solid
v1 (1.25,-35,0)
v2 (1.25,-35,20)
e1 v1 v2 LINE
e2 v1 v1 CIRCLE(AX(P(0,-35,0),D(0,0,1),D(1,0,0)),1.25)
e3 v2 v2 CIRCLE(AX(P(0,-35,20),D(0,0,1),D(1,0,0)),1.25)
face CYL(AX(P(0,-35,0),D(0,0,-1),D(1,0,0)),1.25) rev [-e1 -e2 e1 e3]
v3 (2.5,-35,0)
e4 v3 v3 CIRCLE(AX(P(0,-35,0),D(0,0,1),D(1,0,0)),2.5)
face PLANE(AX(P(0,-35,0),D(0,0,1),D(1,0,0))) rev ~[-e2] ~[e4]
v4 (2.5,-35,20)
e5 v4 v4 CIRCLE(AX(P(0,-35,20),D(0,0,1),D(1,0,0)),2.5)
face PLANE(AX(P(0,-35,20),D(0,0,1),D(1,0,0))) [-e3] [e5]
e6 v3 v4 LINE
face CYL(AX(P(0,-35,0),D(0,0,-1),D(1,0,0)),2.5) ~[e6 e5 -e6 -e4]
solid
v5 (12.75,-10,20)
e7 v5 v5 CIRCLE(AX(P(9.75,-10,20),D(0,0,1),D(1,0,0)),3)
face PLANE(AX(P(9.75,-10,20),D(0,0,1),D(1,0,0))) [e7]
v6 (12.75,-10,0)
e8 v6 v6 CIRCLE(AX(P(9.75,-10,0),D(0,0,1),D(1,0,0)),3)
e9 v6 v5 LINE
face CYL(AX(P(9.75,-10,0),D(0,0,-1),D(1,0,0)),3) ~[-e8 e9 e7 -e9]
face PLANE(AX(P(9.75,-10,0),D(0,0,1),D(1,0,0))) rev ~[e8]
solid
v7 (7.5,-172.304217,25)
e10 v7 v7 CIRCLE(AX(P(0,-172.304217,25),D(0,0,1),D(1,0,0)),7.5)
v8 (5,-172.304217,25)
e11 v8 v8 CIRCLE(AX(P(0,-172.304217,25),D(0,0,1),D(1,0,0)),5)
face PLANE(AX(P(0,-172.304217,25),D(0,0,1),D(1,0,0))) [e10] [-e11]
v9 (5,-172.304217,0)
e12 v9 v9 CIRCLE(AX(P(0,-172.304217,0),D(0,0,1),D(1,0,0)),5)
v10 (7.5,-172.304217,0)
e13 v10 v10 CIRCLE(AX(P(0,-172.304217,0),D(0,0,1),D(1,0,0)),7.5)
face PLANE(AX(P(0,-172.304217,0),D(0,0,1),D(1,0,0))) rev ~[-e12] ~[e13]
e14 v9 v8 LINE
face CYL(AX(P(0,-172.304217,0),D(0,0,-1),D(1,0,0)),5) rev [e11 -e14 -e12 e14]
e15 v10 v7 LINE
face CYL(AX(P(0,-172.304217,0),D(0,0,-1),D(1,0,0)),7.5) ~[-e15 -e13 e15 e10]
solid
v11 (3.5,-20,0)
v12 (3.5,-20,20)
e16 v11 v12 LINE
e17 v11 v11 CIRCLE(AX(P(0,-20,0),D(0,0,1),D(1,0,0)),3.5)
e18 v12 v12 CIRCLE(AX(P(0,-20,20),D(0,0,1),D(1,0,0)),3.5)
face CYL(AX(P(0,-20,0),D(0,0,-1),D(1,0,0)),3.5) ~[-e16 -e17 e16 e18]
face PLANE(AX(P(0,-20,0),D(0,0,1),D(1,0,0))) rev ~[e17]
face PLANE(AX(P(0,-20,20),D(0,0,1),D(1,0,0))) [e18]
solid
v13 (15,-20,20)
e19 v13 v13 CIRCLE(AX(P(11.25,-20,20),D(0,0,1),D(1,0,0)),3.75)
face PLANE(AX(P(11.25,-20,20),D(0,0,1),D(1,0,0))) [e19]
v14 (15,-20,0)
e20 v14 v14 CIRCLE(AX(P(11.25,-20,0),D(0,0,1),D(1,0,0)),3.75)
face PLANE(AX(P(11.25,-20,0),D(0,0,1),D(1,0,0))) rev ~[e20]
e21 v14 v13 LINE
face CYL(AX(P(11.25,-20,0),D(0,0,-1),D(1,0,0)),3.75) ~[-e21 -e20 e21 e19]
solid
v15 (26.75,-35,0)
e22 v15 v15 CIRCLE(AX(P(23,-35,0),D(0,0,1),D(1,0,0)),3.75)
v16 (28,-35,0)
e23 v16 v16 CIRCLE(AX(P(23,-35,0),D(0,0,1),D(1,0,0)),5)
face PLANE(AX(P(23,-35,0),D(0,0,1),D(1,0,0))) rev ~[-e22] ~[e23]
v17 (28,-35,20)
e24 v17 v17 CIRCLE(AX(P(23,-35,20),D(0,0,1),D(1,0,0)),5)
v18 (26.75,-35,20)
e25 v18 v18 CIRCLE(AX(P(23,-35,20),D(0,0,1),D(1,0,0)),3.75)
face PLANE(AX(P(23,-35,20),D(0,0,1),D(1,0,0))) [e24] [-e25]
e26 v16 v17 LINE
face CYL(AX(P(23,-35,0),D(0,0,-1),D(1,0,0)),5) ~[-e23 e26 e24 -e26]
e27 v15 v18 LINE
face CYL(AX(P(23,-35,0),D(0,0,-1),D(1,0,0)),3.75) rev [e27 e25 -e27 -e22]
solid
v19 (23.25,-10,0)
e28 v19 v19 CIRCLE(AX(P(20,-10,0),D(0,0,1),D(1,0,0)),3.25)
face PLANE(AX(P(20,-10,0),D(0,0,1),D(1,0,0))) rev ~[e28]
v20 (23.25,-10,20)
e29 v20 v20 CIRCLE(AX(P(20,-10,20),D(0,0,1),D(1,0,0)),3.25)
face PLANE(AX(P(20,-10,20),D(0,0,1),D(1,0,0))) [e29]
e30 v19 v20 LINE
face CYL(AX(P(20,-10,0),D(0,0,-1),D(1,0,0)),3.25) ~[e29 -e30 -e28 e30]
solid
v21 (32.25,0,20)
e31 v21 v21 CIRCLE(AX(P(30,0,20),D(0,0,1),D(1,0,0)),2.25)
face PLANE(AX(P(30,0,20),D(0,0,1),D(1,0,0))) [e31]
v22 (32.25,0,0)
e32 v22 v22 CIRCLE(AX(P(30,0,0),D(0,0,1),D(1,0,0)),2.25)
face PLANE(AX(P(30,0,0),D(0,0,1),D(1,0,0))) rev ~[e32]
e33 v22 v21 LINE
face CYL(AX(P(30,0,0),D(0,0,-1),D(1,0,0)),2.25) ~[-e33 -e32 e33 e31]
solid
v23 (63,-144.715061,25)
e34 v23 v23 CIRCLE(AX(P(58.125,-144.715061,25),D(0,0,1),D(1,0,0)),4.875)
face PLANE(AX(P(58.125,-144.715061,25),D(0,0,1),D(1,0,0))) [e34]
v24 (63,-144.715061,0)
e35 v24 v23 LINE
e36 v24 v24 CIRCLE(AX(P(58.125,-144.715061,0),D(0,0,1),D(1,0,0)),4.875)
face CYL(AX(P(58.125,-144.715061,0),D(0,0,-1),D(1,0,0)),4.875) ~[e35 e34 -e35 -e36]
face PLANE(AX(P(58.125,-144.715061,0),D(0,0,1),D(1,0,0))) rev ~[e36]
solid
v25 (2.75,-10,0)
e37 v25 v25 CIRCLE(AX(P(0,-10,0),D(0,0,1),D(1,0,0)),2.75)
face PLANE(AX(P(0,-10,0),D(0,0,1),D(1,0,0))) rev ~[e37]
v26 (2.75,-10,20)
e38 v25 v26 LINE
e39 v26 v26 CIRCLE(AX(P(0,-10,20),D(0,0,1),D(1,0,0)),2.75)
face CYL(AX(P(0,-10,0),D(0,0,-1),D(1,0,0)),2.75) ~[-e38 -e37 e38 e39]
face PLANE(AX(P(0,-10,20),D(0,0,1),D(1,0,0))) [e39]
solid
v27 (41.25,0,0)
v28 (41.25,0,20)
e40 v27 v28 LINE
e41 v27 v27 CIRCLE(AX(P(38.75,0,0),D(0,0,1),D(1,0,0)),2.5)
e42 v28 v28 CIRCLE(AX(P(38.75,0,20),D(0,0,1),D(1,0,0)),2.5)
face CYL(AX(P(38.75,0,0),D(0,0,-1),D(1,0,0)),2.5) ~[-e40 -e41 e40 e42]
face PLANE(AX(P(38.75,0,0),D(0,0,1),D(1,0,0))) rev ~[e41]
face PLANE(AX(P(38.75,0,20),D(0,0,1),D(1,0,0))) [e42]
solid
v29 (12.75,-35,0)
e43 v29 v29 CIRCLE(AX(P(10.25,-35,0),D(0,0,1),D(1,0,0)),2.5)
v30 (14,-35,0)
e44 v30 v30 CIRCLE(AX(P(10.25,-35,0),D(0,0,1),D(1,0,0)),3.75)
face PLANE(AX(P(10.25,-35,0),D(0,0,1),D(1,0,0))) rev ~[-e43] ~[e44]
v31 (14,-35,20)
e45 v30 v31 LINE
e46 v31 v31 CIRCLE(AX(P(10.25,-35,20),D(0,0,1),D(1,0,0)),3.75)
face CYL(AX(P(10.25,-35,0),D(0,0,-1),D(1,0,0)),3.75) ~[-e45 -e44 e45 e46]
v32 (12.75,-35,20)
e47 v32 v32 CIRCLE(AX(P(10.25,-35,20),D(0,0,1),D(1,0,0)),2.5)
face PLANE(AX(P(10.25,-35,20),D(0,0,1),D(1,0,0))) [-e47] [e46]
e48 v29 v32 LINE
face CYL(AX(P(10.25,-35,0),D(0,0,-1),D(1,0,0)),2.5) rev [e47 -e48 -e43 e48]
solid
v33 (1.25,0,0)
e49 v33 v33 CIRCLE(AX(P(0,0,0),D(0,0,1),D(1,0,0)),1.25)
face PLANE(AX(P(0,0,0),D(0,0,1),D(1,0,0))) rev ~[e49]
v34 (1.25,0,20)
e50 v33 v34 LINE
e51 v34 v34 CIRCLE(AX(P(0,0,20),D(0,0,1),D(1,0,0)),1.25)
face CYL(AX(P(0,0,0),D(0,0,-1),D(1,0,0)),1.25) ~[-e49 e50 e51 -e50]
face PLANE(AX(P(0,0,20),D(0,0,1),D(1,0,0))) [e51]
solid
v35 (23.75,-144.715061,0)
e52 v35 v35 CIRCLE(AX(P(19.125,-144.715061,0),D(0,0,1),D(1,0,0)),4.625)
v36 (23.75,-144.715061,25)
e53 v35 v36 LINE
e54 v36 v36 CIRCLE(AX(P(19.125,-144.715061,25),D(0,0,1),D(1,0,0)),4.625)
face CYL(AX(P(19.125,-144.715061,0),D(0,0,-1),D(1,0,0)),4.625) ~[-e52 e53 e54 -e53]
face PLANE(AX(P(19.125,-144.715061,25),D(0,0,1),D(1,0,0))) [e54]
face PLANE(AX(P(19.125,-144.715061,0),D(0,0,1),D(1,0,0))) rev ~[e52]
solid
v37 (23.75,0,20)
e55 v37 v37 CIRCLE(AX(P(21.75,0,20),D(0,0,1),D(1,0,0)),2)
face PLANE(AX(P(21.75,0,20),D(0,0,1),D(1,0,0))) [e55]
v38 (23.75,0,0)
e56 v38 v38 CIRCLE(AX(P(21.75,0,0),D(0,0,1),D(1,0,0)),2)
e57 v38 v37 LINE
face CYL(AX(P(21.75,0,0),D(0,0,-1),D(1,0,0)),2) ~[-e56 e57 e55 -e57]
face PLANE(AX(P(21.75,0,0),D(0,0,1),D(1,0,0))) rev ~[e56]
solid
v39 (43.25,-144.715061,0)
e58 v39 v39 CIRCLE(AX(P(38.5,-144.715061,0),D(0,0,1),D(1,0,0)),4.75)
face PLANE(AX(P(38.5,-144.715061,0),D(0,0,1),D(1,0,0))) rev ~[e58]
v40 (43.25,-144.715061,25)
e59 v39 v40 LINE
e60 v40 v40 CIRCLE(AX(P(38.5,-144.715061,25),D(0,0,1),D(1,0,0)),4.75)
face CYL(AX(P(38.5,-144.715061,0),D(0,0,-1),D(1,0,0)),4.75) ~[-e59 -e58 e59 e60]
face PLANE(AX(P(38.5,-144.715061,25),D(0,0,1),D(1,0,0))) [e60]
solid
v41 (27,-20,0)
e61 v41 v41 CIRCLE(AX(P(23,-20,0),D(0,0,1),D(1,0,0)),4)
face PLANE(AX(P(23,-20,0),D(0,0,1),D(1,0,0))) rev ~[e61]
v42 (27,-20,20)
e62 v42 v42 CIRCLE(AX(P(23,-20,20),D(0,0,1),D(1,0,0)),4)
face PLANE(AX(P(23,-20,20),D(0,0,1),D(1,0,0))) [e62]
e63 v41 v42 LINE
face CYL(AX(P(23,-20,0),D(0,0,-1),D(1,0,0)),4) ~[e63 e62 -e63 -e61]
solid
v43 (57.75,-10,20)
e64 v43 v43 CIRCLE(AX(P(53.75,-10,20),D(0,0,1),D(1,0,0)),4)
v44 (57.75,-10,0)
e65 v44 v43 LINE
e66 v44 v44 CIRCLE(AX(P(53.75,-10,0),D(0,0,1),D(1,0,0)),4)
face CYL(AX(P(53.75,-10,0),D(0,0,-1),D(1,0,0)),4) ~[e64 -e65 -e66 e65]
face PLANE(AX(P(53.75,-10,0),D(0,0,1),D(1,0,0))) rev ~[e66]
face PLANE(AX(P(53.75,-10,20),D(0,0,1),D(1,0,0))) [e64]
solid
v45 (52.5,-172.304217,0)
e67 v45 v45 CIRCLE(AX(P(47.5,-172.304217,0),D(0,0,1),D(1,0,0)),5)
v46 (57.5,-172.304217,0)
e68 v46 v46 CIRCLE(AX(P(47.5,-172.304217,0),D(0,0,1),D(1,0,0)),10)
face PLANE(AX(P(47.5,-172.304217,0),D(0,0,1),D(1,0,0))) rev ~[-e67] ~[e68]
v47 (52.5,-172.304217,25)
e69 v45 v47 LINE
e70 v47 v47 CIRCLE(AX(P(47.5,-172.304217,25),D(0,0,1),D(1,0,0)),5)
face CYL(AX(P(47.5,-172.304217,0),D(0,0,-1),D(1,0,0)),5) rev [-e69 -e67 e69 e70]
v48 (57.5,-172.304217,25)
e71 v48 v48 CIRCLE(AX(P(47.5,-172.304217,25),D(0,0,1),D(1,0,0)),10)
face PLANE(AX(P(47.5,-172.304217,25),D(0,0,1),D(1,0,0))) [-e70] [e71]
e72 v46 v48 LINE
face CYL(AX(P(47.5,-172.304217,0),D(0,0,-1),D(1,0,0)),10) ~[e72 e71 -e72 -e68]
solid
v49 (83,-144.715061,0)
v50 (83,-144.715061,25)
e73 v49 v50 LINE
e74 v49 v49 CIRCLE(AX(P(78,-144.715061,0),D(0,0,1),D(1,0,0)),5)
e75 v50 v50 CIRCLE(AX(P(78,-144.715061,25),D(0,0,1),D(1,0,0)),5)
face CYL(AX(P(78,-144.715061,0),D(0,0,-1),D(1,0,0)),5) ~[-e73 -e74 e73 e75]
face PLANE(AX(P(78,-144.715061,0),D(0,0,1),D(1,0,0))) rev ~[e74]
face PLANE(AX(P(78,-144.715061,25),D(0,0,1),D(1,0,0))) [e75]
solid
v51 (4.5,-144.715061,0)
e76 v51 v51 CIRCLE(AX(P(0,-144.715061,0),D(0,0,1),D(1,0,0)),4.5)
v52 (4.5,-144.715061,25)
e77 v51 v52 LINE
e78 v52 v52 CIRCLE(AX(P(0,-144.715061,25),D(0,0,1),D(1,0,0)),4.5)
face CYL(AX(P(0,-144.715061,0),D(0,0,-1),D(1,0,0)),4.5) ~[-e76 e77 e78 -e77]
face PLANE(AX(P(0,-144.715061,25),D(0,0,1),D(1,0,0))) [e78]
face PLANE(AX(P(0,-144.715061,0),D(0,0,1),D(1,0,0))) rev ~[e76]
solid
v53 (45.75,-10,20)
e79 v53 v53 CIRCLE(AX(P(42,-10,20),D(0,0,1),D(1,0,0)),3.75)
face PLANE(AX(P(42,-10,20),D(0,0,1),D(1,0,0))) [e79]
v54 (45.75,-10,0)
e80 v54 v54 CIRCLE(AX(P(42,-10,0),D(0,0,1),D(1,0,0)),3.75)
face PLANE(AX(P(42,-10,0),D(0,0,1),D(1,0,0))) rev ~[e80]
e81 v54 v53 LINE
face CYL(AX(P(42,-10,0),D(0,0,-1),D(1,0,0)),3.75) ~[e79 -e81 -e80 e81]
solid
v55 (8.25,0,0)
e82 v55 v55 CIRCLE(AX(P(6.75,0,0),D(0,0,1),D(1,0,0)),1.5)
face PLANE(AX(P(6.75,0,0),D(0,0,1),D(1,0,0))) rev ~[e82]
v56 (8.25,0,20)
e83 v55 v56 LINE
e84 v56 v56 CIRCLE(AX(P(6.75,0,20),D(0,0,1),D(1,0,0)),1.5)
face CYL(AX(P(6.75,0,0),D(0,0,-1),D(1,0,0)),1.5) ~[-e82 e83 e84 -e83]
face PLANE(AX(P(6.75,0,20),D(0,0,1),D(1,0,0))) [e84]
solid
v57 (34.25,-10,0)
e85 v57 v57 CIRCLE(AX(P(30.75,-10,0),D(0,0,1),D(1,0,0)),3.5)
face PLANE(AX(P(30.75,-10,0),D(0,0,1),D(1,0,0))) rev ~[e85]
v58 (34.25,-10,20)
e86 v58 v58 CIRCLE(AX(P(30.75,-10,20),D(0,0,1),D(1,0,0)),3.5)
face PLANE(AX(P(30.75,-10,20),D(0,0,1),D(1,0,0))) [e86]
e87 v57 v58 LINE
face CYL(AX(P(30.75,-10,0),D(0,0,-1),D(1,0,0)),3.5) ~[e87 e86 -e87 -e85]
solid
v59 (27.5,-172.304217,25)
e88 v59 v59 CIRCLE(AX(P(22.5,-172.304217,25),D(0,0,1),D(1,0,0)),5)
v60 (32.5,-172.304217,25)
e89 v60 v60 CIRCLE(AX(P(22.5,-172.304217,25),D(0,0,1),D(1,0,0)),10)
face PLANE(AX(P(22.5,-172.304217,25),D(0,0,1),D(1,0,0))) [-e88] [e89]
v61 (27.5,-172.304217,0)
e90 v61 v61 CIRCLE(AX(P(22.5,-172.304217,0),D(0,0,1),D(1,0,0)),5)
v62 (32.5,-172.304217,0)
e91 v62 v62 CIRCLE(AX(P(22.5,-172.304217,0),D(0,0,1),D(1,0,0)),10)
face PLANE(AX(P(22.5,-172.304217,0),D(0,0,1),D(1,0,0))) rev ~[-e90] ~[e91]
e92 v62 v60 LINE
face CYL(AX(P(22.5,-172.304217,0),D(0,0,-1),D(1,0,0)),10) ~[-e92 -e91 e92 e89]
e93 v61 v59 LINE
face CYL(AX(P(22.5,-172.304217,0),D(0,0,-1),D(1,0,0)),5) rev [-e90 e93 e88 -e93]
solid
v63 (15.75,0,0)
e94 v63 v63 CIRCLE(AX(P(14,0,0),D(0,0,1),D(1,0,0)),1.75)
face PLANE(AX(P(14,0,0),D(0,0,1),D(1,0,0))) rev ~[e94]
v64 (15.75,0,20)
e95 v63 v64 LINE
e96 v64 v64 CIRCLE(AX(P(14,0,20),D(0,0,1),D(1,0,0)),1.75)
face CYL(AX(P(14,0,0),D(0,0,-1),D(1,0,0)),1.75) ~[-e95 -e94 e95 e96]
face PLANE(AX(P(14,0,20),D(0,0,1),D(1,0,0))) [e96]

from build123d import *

# Parameters (mm, degrees)
F0_R     = 1.25
F1_DEPTH = 20
F0_R_2   = 1.5
F0_R_3   = 1.75
F0_R_4   = 2
F0_R_5   = 2.25
F0_R_6   = 2.5
F0_R_7   = 2.75
F0_R_8   = 3
F0_R_9   = 3.25
F0_R_10  = 3.5
F0_R_11  = 3.75
F0_R_12  = 4
F0_R_13  = 5
F2_R     = 7.5
F2_R_2   = 5
F3_DEPTH = 25
F2_R_3   = 10
F2_R_4   = 4.5
F2_R_5   = 4.625
F2_R_6   = 4.75
F2_R_7   = 4.875


with BuildPart() as f1:
    # F0 (on Top) → F1 (new body)
    with BuildSketch(Plane.XY):
        Circle(F0_R)
    extrude(amount=F1_DEPTH)


with BuildPart() as f1b:
    # F0 (on Top) → F1, piece 2 (new body)
    with BuildSketch(Plane.XY):
        with Locations((6.75, 0)):
            Circle(F0_R_2)
    extrude(amount=F1_DEPTH)


with BuildPart() as f1c:
    # F0 (on Top) → F1, piece 3 (new body)
    with BuildSketch(Plane.XY):
        with Locations((14, 0)):
            Circle(F0_R_3)
    extrude(amount=F1_DEPTH)


with BuildPart() as f1d:
    # F0 (on Top) → F1, piece 4 (new body)
    with BuildSketch(Plane.XY):
        with Locations((21.75, 0)):
            Circle(F0_R_4)
    extrude(amount=F1_DEPTH)


with BuildPart() as f1e:
    # F0 (on Top) → F1, piece 5 (new body)
    with BuildSketch(Plane.XY):
        with Locations((30, 0)):
            Circle(F0_R_5)
    extrude(amount=F1_DEPTH)


with BuildPart() as f1f:
    # F0 (on Top) → F1, piece 6 (new body)
    with BuildSketch(Plane.XY):
        with Locations((38.75, 0)):
            Circle(F0_R_6)
    extrude(amount=F1_DEPTH)


with BuildPart() as f1g:
    # F0 (on Top) → F1, piece 7 (new body)
    with BuildSketch(Plane.XY):
        with Locations((0, -10)):
            Circle(F0_R_7)
    extrude(amount=F1_DEPTH)


with BuildPart() as f1h:
    # F0 (on Top) → F1, piece 8 (new body)
    with BuildSketch(Plane.XY):
        with Locations((9.75, -10)):
            Circle(F0_R_8)
    extrude(amount=F1_DEPTH)


with BuildPart() as f1i:
    # F0 (on Top) → F1, piece 9 (new body)
    with BuildSketch(Plane.XY):
        with Locations((20, -10)):
            Circle(F0_R_9)
    extrude(amount=F1_DEPTH)


with BuildPart() as f1j:
    # F0 (on Top) → F1, piece 10 (new body)
    with BuildSketch(Plane.XY):
        with Locations((30.75, -10)):
            Circle(F0_R_10)
    extrude(amount=F1_DEPTH)


with BuildPart() as f1k:
    # F0 (on Top) → F1, piece 11 (new body)
    with BuildSketch(Plane.XY):
        with Locations((42, -10)):
            Circle(F0_R_11)
    extrude(amount=F1_DEPTH)


with BuildPart() as f1l:
    # F0 (on Top) → F1, piece 12 (new body)
    with BuildSketch(Plane.XY):
        with Locations((53.75, -10)):
            Circle(F0_R_12)
    extrude(amount=F1_DEPTH)


with BuildPart() as f1m:
    # F0 (on Top) → F1, piece 13 (new body)
    with BuildSketch(Plane.XY):
        with Locations((23, -20)):
            Circle(F0_R_12)
    extrude(amount=F1_DEPTH)


with BuildPart() as f1n:
    # F0 (on Top) → F1, piece 14 (new body)
    with BuildSketch(Plane.XY):
        with Locations((11.25, -20)):
            Circle(F0_R_11)
    extrude(amount=F1_DEPTH)


with BuildPart() as f1o:
    # F0 (on Top) → F1, piece 15 (new body)
    with BuildSketch(Plane.XY):
        with Locations((0, -20)):
            Circle(F0_R_10)
    extrude(amount=F1_DEPTH)


with BuildPart() as f1p:
    # F0 (on Top) → F1, piece 16 (new body)
    with BuildSketch(Plane.XY):
        with Locations((0, -35)):
            Circle(F0_R_6)
        with Locations((0, -35)):
            Circle(F0_R, mode=Mode.SUBTRACT)
    extrude(amount=F1_DEPTH)


with BuildPart() as f1q:
    # F0 (on Top) → F1, piece 17 (new body)
    with BuildSketch(Plane.XY):
        with Locations((10.25, -35)):
            Circle(F0_R_11)
        with Locations((10.25, -35)):
            Circle(F0_R_6, mode=Mode.SUBTRACT)
    extrude(amount=F1_DEPTH)


with BuildPart() as f1r:
    # F0 (on Top) → F1, piece 18 (new body)
    with BuildSketch(Plane.XY):
        with Locations((23, -35)):
            Circle(F0_R_13)
        with Locations((23, -35)):
            Circle(F0_R_11, mode=Mode.SUBTRACT)
    extrude(amount=F1_DEPTH)


with BuildPart() as f3:
    # F2 (on Top) → F3 (new body)
    with BuildSketch(Plane.XY):
        with Locations((0, -172.3042173794)):
            Circle(F2_R)
        with Locations((0, -172.3042173794)):
            Circle(F2_R_2, mode=Mode.SUBTRACT)
    extrude(amount=F3_DEPTH)


with BuildPart() as f3b:
    # F2 (on Top) → F3, piece 2 (new body)
    with BuildSketch(Plane.XY):
        with Locations((22.5, -172.3042173794)):
            Circle(F2_R_3)
        with Locations((22.5, -172.3042173794)):
            Circle(F2_R_2, mode=Mode.SUBTRACT)
    extrude(amount=F3_DEPTH)


with BuildPart() as f3c:
    # F2 (on Top) → F3, piece 3 (new body)
    with BuildSketch(Plane.XY):
        with Locations((47.5, -172.3042173794)):
            Circle(F2_R_3)
        with Locations((47.5, -172.3042173794)):
            Circle(F2_R_2, mode=Mode.SUBTRACT)
    extrude(amount=F3_DEPTH)


with BuildPart() as f3d:
    # F2 (on Top) → F3, piece 4 (new body)
    with BuildSketch(Plane.XY):
        with Locations((0, -144.7150607587)):
            Circle(F2_R_4)
    extrude(amount=F3_DEPTH)


with BuildPart() as f3e:
    # F2 (on Top) → F3, piece 5 (new body)
    with BuildSketch(Plane.XY):
        with Locations((19.125, -144.7150607587)):
            Circle(F2_R_5)
    extrude(amount=F3_DEPTH)


with BuildPart() as f3f:
    # F2 (on Top) → F3, piece 6 (new body)
    with BuildSketch(Plane.XY):
        with Locations((38.5, -144.7150607587)):
            Circle(F2_R_6)
    extrude(amount=F3_DEPTH)


with BuildPart() as f3g:
    # F2 (on Top) → F3, piece 7 (new body)
    with BuildSketch(Plane.XY):
        with Locations((58.125, -144.7150607587)):
            Circle(F2_R_7)
    extrude(amount=F3_DEPTH)


with BuildPart() as f3h:
    # F2 (on Top) → F3, piece 8 (new body)
    with BuildSketch(Plane.XY):
        with Locations((78, -144.7150607587)):
            Circle(F2_R_2)
    extrude(amount=F3_DEPTH)


solid = Compound([f1.part, f1b.part, f1c.part, f1d.part, f1e.part, f1f.part, f1g.part, f1h.part, f1i.part, f1j.part, f1k.part, f1l.part, f1m.part, f1n.part, f1o.part, f1p.part, f1q.part, f1r.part, f3.part, f3b.part, f3c.part, f3d.part, f3e.part, f3f.part, f3g.part, f3h.part])
